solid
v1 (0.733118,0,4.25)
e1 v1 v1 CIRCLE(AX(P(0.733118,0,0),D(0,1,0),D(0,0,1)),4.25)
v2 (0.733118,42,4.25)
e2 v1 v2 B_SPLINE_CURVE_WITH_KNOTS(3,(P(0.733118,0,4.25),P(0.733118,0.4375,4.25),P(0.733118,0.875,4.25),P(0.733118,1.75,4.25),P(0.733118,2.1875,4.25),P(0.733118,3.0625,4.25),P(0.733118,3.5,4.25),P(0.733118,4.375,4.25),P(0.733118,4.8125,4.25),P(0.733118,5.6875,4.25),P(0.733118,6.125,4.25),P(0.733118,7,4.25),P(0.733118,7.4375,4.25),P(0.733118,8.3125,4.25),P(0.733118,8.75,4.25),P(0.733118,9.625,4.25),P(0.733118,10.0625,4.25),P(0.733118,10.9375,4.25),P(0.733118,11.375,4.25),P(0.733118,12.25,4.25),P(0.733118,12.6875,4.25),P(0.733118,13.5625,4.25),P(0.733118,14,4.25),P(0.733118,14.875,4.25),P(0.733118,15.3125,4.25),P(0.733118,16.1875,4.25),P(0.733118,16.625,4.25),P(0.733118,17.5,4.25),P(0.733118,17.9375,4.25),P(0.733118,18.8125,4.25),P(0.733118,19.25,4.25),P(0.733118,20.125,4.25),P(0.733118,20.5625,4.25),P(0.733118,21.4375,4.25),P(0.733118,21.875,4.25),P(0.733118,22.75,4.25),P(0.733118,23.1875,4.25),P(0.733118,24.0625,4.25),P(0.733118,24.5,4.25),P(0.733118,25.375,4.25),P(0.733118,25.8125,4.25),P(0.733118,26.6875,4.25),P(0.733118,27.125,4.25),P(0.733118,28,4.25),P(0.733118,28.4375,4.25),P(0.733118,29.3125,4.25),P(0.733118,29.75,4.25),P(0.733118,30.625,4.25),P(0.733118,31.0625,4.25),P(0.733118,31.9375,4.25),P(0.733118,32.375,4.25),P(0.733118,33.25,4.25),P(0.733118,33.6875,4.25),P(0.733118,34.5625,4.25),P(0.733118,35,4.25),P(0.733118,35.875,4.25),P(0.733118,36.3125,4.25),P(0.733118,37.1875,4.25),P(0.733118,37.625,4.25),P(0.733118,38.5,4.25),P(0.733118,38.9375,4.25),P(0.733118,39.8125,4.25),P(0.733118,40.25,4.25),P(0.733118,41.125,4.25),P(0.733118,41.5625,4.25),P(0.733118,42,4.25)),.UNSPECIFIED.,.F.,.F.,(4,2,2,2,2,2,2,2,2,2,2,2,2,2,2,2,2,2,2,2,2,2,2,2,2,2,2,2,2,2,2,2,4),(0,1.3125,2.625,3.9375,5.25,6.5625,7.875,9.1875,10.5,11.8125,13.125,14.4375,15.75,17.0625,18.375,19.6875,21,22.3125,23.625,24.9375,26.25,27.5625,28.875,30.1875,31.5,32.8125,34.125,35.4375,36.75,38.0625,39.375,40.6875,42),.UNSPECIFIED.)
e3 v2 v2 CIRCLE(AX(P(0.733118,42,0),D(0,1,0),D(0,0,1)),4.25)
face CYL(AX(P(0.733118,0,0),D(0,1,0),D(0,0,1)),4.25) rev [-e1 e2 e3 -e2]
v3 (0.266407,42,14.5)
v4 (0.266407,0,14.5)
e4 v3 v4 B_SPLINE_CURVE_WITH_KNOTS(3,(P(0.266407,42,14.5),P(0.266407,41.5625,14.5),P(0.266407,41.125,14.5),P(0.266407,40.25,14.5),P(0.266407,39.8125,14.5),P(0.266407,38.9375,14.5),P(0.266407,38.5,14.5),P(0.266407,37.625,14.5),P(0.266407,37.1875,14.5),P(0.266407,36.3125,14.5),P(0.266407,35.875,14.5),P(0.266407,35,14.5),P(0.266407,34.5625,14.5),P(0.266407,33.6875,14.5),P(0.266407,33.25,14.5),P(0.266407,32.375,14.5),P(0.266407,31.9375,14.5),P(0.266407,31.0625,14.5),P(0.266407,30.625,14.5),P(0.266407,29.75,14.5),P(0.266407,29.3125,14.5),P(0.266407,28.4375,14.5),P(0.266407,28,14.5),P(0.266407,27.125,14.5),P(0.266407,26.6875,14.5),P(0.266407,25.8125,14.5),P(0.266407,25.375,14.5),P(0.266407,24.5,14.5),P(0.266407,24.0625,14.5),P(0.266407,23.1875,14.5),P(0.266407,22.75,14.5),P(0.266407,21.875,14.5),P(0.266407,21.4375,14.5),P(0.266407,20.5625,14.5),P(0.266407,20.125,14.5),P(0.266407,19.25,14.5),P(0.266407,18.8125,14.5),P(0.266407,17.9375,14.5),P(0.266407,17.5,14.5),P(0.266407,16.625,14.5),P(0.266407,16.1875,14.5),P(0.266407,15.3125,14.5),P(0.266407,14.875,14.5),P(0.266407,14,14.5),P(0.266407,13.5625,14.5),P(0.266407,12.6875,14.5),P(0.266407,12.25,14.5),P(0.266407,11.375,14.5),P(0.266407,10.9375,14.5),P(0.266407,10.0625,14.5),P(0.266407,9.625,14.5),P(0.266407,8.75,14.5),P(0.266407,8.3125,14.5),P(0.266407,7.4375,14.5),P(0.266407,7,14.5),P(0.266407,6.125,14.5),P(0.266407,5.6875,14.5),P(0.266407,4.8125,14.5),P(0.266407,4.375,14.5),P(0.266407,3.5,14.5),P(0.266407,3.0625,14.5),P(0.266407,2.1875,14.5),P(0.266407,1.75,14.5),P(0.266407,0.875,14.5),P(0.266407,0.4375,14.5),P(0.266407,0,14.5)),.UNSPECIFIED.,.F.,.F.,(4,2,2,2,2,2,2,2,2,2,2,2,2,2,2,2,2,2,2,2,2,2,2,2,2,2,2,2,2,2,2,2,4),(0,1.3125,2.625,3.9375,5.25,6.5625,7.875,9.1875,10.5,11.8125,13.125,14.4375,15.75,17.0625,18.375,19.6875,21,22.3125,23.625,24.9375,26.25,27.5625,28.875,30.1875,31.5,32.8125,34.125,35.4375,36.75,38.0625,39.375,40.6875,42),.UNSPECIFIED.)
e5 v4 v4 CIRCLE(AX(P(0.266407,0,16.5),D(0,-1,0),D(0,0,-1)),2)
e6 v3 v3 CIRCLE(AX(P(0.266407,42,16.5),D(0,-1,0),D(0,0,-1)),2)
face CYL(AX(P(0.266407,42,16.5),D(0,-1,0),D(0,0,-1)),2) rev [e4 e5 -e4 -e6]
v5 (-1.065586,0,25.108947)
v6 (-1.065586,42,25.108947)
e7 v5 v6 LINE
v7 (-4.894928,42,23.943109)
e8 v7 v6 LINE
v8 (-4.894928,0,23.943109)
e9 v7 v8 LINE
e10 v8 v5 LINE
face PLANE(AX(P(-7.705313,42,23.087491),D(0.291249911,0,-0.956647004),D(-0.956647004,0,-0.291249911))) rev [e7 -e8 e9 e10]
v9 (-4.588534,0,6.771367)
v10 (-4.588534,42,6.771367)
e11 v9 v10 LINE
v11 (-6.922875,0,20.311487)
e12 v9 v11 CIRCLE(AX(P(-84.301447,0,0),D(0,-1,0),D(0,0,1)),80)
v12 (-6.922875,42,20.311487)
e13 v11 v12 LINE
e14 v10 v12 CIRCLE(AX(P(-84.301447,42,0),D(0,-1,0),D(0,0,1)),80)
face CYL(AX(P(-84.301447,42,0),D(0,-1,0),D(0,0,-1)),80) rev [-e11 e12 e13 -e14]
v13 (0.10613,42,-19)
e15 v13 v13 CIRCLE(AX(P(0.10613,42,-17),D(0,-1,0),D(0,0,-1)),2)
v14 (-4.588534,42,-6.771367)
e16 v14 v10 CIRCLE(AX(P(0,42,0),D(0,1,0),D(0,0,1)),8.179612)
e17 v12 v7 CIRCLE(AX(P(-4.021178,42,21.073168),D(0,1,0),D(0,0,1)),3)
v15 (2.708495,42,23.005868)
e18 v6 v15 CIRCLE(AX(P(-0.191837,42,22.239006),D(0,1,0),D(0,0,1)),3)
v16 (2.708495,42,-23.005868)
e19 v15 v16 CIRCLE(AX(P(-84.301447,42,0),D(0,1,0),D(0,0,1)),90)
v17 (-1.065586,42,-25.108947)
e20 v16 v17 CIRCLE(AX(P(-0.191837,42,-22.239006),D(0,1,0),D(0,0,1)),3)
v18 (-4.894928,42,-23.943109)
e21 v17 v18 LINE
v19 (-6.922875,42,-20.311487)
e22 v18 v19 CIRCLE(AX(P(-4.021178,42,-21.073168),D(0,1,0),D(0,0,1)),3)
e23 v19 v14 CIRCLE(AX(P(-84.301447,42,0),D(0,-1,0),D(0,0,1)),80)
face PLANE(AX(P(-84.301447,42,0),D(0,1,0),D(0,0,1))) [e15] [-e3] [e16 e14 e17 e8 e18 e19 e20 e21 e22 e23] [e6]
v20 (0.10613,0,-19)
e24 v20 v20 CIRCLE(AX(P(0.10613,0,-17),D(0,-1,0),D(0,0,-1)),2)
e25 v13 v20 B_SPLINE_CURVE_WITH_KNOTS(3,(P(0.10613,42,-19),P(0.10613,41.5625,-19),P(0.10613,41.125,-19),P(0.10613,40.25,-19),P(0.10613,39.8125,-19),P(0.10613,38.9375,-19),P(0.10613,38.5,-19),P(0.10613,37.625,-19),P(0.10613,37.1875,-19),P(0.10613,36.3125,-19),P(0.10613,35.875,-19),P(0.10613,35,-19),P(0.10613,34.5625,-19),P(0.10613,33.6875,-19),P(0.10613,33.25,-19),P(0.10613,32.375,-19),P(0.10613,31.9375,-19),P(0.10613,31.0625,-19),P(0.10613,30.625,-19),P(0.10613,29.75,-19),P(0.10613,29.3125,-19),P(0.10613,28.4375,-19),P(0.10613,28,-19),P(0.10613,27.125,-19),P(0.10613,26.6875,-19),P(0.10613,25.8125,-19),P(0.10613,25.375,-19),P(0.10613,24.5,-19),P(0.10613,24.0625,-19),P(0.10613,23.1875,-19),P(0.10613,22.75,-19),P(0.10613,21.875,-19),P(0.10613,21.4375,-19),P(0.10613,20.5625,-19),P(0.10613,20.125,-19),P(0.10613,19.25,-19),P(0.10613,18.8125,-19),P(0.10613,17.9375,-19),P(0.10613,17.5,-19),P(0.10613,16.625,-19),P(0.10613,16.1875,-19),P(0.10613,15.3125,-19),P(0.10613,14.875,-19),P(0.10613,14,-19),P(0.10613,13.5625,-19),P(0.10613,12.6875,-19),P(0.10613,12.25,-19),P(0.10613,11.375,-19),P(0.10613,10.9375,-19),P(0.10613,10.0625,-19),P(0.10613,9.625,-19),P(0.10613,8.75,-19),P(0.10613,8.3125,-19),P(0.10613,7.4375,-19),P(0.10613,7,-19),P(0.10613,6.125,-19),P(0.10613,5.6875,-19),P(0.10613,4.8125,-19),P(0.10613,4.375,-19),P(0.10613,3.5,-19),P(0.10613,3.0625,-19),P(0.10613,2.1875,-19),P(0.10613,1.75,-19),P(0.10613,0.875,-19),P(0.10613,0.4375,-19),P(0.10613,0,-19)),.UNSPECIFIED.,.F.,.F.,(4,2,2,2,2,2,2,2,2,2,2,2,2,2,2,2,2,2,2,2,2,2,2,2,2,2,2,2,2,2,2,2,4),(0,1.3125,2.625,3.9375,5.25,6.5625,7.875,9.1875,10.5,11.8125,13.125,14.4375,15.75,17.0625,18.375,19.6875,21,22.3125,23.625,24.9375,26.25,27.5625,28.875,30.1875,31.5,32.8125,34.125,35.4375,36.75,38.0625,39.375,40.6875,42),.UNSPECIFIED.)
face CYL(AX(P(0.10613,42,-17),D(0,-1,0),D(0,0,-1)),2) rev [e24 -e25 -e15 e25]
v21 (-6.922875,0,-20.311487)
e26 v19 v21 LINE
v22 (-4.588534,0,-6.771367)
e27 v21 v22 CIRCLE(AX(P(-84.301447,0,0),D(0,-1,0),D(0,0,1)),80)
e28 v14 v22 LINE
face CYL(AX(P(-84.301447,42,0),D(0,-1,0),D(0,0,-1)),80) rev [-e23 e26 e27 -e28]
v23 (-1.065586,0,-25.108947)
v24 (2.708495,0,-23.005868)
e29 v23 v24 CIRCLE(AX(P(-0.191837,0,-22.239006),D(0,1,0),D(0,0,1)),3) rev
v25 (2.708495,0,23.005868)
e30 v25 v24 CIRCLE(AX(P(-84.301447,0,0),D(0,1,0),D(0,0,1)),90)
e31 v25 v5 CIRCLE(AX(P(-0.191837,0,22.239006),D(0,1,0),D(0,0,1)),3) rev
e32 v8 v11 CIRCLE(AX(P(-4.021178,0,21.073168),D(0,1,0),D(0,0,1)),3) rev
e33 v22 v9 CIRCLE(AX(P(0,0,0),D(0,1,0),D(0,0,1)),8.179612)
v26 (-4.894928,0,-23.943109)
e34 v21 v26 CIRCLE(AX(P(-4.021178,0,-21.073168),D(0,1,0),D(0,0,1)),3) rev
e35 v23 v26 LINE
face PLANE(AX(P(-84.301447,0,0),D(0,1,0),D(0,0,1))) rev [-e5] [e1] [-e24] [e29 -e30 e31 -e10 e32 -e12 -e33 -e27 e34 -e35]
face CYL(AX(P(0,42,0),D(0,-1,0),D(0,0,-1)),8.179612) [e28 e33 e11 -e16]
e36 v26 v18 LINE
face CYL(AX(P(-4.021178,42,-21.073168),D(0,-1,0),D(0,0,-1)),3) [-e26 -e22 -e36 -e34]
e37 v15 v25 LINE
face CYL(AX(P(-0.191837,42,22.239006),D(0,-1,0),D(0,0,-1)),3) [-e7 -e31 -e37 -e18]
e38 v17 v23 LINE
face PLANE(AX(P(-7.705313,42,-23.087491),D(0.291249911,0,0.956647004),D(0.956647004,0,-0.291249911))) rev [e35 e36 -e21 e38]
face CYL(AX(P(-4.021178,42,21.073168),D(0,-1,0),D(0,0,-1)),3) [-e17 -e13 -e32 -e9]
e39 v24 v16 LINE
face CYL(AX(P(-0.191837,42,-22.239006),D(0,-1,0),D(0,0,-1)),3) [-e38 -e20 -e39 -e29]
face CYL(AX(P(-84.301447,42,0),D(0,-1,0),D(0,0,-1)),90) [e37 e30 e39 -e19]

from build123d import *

# Parameters (mm, degrees)
BOSS_EXTRUDE1_DEPTH = 42
FILLET1_R           = 3
SKETCH3_R           = 4.25
CUT_EXTRUDE1_DEPTH  = 50.500549163
BOSS_EXTRUDE2_DEPTH = 42
CUT_EXTRUDE2_DEPTH  = 50.678098566


with BuildPart() as part:
    # Sketch1 → Boss-Extrude1 (new body)
    with BuildSketch(Plane(origin=(0, 0, 0), x_dir=(1, 0, 0), z_dir=(0, 1, 0))):
        with BuildLine():
            Line((-7.705313318, 23.08749092), (1.86118947, 26))
            ThreePointArc((1.86118947, 26), (5.698552556, 0), (1.86118947, -26))
            Line((1.86118947, -26), (-7.705313318, -23.08749092))
            ThreePointArc((-7.705313318, -23.08749092), (-4.301447444, 0), (-7.705313318, 23.08749092))
        make_face()
    extrude(amount=BOSS_EXTRUDE1_DEPTH)

    # Fillet1
    fillet1_edges = [part.edges().sort_by_distance(p)[0] for p in [
        (-7.705313318, 21, -23.08749092),
        (1.86118947, 21, -26),
        (1.86118947, 21, 26),
        (-7.705313318, 21, 23.08749092),
    ]]
    fillet(fillet1_edges, radius=FILLET1_R)

    # Sketch3 → Cut-Extrude1 (cut, through all)
    with BuildSketch(Plane(origin=(0, 42, 0), x_dir=(1, 0, 0), z_dir=(0, 1, 0))):
        with Locations(Location((0.733117745, 0, 0), (0, 0, 270))):
            Circle(SKETCH3_R)
    extrude(amount=-CUT_EXTRUDE1_DEPTH, mode=Mode.SUBTRACT)

    # Sketch4 → Boss-Extrude2 (add)
    with BuildSketch(Plane(origin=(0, 0, 0), x_dir=(1, 0, 0), z_dir=(0, 1, 0))):
        with BuildLine():
            Line((-3.757374772, -7.265548226), (-3.757374772, 7.265548226))
            ThreePointArc((-3.757374772, 7.265548226), (-8.179612228, 0), (-3.757374772, -7.265548226))
        make_face()
    extrude(amount=BOSS_EXTRUDE2_DEPTH)

    # Sketch5 → Cut-Extrude2 (cut, through all)
    with BuildSketch(Plane.XZ):
        with BuildLine():
            ThreePointArc((2.266407335, 16.5), (1.434288795, 18.123592589), (-0.36964556, 18.396163684))
            ThreePointArc((-0.36964556, 18.396163684), (0.266407335, 16.5), (0.832937896, 14.58191681))
            ThreePointArc((0.832937896, 14.58191681), (1.868446836, 15.302724159), (2.266407335, 16.5))
        make_face()
        with BuildLine():
            ThreePointArc((0.832937896, 14.58191681), (0.266407335, 16.5), (-0.36964556, 18.396163684))
            ThreePointArc((-0.36964556, 18.396163684), (-1.641032871, 15.898608399), (0.832937896, 14.58191681))
        make_face()
        with BuildLine():
            ThreePointArc((0.690987711, -15.08742552), (-1.795468684, -16.380384411), (-0.548037667, -18.889990746))
            ThreePointArc((-0.548037667, -18.889990746), (0.106129728, -17), (0.690987711, -15.08742552))
        make_face()
        with BuildLine():
            ThreePointArc((0.690987711, -15.08742552), (0.106129728, -17), (-0.548037667, -18.889990746))
            ThreePointArc((-0.548037667, -18.889990746), (1.266229984, -18.629161562), (2.106129728, -17))
            ThreePointArc((2.106129728, -17), (1.713879081, -15.810402582), (0.690987711, -15.08742552))
        make_face()
    extrude(amount=-CUT_EXTRUDE2_DEPTH, mode=Mode.SUBTRACT)


solid = part.part
